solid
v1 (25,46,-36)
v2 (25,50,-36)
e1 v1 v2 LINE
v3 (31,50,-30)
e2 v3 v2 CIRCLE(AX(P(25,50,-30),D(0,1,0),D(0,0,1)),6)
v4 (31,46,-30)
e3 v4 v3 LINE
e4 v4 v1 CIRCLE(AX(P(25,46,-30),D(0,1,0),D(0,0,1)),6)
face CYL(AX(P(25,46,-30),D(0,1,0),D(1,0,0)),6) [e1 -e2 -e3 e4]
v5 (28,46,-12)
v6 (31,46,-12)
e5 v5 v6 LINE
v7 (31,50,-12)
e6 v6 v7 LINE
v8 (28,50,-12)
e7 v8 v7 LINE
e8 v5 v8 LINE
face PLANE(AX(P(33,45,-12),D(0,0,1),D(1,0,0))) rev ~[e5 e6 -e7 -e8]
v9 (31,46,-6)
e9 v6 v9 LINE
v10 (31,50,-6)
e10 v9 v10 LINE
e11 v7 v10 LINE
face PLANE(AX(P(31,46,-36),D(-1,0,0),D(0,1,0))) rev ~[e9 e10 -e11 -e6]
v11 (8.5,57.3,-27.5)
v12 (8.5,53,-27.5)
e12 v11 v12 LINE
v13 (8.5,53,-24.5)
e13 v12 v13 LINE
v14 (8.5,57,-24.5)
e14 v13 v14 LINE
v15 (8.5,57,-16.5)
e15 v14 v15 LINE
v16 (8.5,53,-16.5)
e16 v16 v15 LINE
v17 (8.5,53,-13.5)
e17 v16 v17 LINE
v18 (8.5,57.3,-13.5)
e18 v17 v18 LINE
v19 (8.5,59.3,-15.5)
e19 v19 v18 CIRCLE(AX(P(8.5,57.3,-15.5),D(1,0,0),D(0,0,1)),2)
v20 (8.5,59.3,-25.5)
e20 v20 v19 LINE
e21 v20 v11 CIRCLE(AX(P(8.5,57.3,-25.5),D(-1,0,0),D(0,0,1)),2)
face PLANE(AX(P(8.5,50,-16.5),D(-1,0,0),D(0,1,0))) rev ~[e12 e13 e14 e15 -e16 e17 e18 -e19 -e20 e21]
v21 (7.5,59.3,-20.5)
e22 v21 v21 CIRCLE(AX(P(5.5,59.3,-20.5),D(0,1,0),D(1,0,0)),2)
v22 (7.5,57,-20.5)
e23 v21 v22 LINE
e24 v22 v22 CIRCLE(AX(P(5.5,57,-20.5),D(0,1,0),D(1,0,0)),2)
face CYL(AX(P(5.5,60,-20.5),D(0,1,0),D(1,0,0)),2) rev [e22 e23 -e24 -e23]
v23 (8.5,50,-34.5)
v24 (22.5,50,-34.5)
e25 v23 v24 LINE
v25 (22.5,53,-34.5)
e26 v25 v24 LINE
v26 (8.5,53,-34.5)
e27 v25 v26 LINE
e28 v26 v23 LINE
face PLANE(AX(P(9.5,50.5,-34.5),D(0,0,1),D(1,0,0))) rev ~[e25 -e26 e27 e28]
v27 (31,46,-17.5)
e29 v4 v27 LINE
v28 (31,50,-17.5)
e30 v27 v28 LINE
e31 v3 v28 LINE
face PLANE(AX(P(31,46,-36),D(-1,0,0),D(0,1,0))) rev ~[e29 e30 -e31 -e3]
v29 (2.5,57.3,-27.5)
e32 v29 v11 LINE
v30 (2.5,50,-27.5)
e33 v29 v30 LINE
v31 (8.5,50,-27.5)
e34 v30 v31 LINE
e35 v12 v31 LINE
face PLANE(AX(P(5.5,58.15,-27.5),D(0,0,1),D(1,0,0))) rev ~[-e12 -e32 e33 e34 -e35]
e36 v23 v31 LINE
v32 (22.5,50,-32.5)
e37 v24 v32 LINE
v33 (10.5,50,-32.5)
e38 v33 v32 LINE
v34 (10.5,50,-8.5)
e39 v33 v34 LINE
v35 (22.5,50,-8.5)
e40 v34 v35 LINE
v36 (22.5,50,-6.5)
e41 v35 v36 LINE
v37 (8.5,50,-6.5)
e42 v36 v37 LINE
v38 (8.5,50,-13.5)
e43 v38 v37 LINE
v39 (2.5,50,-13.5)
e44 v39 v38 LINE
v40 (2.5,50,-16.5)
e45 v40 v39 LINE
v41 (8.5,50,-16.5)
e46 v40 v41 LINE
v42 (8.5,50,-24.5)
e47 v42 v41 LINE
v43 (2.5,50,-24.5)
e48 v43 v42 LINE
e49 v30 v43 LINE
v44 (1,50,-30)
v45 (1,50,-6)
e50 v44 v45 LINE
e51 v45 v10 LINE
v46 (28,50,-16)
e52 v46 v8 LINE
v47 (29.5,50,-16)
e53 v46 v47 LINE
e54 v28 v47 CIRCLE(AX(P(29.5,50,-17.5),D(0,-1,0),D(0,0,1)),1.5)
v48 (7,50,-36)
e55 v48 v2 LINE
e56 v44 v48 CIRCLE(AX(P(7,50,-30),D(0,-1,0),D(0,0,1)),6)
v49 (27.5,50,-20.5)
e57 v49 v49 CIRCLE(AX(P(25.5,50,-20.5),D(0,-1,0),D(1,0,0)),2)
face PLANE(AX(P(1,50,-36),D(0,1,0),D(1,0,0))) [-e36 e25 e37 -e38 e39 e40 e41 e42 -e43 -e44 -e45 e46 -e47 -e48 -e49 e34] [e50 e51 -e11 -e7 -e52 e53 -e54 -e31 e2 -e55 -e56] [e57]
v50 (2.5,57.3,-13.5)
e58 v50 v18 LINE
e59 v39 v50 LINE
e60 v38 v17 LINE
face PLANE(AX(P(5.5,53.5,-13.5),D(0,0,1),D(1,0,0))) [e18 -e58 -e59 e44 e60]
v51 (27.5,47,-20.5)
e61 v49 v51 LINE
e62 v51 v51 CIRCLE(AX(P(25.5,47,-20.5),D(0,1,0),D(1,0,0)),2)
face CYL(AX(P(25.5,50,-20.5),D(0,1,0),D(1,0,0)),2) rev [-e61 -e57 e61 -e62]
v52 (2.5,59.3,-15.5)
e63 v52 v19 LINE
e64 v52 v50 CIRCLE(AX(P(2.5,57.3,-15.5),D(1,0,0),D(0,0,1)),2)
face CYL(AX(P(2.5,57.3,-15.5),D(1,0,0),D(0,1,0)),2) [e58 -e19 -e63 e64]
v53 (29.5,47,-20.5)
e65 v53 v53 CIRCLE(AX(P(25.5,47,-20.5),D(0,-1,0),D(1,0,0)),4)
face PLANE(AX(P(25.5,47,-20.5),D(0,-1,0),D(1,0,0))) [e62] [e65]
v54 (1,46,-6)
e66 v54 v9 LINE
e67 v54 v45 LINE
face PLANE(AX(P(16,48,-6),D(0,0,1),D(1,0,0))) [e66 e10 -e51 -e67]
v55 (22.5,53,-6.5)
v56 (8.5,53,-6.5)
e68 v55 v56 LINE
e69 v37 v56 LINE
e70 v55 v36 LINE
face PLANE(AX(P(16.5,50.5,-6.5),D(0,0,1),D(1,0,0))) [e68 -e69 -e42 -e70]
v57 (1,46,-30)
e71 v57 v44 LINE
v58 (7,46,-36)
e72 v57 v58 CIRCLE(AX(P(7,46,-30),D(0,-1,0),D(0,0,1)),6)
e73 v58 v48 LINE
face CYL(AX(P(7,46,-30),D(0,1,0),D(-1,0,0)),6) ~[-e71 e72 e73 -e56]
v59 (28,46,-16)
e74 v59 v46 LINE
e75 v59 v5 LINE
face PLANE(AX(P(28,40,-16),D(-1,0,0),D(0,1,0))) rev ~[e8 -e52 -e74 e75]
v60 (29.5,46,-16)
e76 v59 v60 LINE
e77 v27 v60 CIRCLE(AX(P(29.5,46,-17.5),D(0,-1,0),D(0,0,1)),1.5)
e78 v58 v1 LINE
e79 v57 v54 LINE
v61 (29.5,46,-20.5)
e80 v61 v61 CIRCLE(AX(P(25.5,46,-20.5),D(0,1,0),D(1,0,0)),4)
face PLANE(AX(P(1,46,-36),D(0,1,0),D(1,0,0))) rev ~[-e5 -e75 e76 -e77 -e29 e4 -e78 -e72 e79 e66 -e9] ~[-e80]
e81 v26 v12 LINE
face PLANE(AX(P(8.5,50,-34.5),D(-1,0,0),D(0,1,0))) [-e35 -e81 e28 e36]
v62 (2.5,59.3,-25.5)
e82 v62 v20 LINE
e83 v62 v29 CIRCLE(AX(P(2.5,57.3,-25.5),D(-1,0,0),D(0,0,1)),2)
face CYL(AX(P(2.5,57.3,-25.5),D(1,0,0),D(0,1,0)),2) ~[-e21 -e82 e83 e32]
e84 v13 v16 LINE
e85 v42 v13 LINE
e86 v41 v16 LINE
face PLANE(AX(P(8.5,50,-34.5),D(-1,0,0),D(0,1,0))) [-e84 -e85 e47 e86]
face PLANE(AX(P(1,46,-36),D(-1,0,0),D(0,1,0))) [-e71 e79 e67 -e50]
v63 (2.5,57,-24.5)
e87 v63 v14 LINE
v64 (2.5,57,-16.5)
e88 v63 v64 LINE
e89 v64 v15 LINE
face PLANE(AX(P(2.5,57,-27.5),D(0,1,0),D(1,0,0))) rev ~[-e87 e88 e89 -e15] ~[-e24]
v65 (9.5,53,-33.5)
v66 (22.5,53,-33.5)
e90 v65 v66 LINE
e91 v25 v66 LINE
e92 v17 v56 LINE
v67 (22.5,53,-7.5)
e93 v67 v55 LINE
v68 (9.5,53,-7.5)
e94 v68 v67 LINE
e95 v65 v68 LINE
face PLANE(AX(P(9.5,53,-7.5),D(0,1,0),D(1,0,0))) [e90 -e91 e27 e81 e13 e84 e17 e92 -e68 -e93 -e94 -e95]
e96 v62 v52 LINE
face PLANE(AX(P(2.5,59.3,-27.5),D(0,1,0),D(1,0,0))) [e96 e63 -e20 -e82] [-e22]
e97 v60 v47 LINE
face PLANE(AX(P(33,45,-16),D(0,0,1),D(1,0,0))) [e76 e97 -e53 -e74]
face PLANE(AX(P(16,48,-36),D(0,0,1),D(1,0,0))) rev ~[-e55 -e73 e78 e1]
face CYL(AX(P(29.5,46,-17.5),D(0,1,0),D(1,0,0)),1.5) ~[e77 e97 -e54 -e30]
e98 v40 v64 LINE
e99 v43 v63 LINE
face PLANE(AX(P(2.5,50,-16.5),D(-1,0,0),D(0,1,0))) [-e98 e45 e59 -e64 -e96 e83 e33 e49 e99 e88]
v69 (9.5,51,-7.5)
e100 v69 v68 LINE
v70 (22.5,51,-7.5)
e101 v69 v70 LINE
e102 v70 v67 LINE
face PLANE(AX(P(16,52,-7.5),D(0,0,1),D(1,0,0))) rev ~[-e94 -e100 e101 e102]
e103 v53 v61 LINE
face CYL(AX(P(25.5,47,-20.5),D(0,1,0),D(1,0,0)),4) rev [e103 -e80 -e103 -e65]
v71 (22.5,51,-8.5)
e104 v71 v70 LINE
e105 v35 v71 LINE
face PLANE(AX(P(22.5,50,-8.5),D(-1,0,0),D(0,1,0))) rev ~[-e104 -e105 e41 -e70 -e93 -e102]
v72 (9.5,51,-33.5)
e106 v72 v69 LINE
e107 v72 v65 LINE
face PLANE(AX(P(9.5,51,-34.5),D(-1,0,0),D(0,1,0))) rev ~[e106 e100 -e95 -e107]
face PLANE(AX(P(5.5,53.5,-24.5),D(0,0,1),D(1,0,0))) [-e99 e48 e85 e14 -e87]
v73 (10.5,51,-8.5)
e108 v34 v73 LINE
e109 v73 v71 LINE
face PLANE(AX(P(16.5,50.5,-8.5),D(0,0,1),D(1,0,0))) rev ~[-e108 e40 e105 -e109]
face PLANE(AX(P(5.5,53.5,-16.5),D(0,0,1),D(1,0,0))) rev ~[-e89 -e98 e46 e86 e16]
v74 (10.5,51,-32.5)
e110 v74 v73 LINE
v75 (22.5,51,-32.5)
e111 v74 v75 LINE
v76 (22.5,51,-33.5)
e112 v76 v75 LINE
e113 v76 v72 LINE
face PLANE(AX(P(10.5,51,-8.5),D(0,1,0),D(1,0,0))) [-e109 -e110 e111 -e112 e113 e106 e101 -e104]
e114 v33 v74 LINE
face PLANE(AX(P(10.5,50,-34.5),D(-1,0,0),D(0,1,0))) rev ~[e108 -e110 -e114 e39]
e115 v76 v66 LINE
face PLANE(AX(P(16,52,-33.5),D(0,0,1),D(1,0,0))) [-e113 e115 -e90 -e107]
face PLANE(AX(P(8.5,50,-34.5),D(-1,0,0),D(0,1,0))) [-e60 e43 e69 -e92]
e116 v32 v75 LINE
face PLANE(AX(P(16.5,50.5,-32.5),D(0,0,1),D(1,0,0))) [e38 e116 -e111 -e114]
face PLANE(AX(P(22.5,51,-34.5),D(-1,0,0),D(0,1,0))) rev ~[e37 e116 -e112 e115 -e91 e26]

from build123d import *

# Parameters (mm, degrees)
BOX227_W          = 10
BOX227_H          = 10
BOX227_DEPTH      = 4
BOX217_W          = 13
BOX217_H          = 2
BOX217_DEPTH      = 1
BOX213_W          = 1
BOX213_H          = 2
BOX213_DEPTH      = 28
BOX210_W          = 2
BOX210_H          = 1
BOX210_DEPTH      = 28
BOX215_W          = 13
BOX215_H          = 2
BOX215_DEPTH      = 1
BOX212_W          = 12
BOX212_H          = 1
BOX212_DEPTH      = 2
BOX211_W          = 12
BOX211_H          = 1
BOX211_DEPTH      = 2
CYLINDER092_R     = 2
CYLINDER092_DEPTH = 5
CYLINDER093_R     = 4
CYLINDER093_DEPTH = 5
BOX073_W          = 30
BOX073_H          = 4
BOX073_DEPTH      = 30
FILLET057_R       = 6
CYLINDER088_R     = 2
CYLINDER088_DEPTH = 5
BOX221_W          = 6
BOX221_H          = 2.3
BOX221_DEPTH      = 14
FILLET055_R       = 2
BOX209_W          = 6
BOX209_H          = 7
BOX209_DEPTH      = 3
BOX222_W          = 6
BOX222_H          = 7
BOX222_DEPTH      = 3
FILLET059_R       = 1.5


with BuildPart() as cube215:
    # Box227 → Box227 (new body)
    with BuildSketch(Plane(origin=(28, 40, -16), x_dir=(1, 0, 0), z_dir=(0, 0, 1))):
        with Locations((5, 5)):
            Rectangle(BOX227_W, BOX227_H)
    extrude(amount=BOX227_DEPTH)


with BuildPart() as cube206:
    # Box217 → Box217 (new body)
    with BuildSketch(Plane(origin=(9.5, 51, -34.5), x_dir=(1, 0, 0), z_dir=(0, 0, 1))):
        with Locations((6.5, 1)):
            Rectangle(BOX217_W, BOX217_H)
    extrude(amount=BOX217_DEPTH)


with BuildPart() as cube202:
    # Box213 → Box213 (new body)
    with BuildSketch(Plane(origin=(8.5, 51, -34.5), x_dir=(1, 0, 0), z_dir=(0, 0, 1))):
        with Locations((0.5, 1)):
            Rectangle(BOX213_W, BOX213_H)
    extrude(amount=BOX213_DEPTH)


with BuildPart() as cube199:
    # Box210 → Box210 (new body)
    with BuildSketch(Plane(origin=(8.5, 50, -34.5), x_dir=(1, 0, 0), z_dir=(0, 0, 1))):
        with Locations((1, 0.5)):
            Rectangle(BOX210_W, BOX210_H)
    extrude(amount=BOX210_DEPTH)


with BuildPart() as cube204:
    # Box215 → Box215 (new body)
    with BuildSketch(Plane(origin=(9.5, 51, -7.5), x_dir=(1, 0, 0), z_dir=(0, 0, 1))):
        with Locations((6.5, 1)):
            Rectangle(BOX215_W, BOX215_H)
    extrude(amount=BOX215_DEPTH)


with BuildPart() as cube201:
    # Box212 → Box212 (new body)
    with BuildSketch(Plane(origin=(10.5, 50, -8.5), x_dir=(1, 0, 0), z_dir=(0, 0, 1))):
        with Locations((6, 0.5)):
            Rectangle(BOX212_W, BOX212_H)
    extrude(amount=BOX212_DEPTH)


with BuildPart() as fusion070:
    # Box211 → Box211 (new body)
    with BuildSketch(Plane(origin=(10.5, 50, -34.5), x_dir=(1, 0, 0), z_dir=(0, 0, 1))):
        with Locations((6, 0.5)):
            Rectangle(BOX211_W, BOX211_H)
    extrude(amount=BOX211_DEPTH)

    # Fusion070: union Cube206, Cube202, Cube199, Cube204, Cube201
    add(cube206.part)
    add(cube202.part)
    add(cube199.part)
    add(cube204.part)
    add(cube201.part)


with BuildPart() as cylinder173:
    # Cylinder092 → Cylinder092 (new body)
    with BuildSketch(Plane(origin=(25.5, 50, -20.5), x_dir=(1, 0, 0), z_dir=(0, -1, 0))):
        Circle(CYLINDER092_R)
    extrude(amount=CYLINDER092_DEPTH)


with BuildPart() as cylinder174:
    # Cylinder093 → Cylinder093 (new body)
    with BuildSketch(Plane(origin=(25.5, 47, -20.5), x_dir=(1, 0, 0), z_dir=(0, -1, 0))):
        Circle(CYLINDER093_R)
    extrude(amount=CYLINDER093_DEPTH)


with BuildPart() as cut118:
    # Box073 → Box073 (new body)
    with BuildSketch(Plane(origin=(1, 46, -36), x_dir=(1, 0, 0), z_dir=(0, 0, 1))):
        with Locations((15, 2)):
            Rectangle(BOX073_W, BOX073_H)
    extrude(amount=BOX073_DEPTH)

    # Fillet057
    fillet057_edges = [cut118.edges().sort_by_distance(p)[0] for p in [
        (1, 48, -36),
        (31, 48, -36),
    ]]
    fillet(fillet057_edges, radius=FILLET057_R)

    # Cut117: cut Cylinder174
    add(cylinder174.part, mode=Mode.SUBTRACT)

    # Cut118: cut Cylinder173
    add(cylinder173.part, mode=Mode.SUBTRACT)


with BuildPart() as cylinder169:
    # Cylinder088 → Cylinder088 (new body)
    with BuildSketch(Plane(origin=(5.5, 60, -20.5), x_dir=(1, 0, 0), z_dir=(0, -1, 0))):
        Circle(CYLINDER088_R)
    extrude(amount=CYLINDER088_DEPTH)


with BuildPart() as fillet055:
    # Box221 → Box221 (new body)
    with BuildSketch(Plane(origin=(2.5, 57, -27.5), x_dir=(1, 0, 0), z_dir=(0, 0, 1))):
        with Locations((3, 1.15)):
            Rectangle(BOX221_W, BOX221_H)
    extrude(amount=BOX221_DEPTH)

    # Cut112: cut Cylinder169
    add(cylinder169.part, mode=Mode.SUBTRACT)

    # Fillet055
    fillet055_edges = [fillet055.edges().sort_by_distance(p)[0] for p in [
        (5.5, 59.3, -13.5),
        (5.5, 59.3, -27.5),
    ]]
    fillet(fillet055_edges, radius=FILLET055_R)


with BuildPart() as cube198:
    # Box209 → Box209 (new body)
    with BuildSketch(Plane(origin=(2.5, 50, -16.5), x_dir=(1, 0, 0), z_dir=(0, 0, 1))):
        with Locations((3, 3.5)):
            Rectangle(BOX209_W, BOX209_H)
    extrude(amount=BOX209_DEPTH)


with BuildPart() as fillet059:
    # Box222 → Box222 (new body)
    with BuildSketch(Plane(origin=(2.5, 50, -27.5), x_dir=(1, 0, 0), z_dir=(0, 0, 1))):
        with Locations((3, 3.5)):
            Rectangle(BOX222_W, BOX222_H)
    extrude(amount=BOX222_DEPTH)

    # Fusion068: union Fillet055, Cube198
    add(fillet055.part)
    add(cube198.part)

    # Fusion072: union Fusion070, Cut118
    add(fusion070.part)
    add(cut118.part)

    # Cut119: cut Cube215
    add(cube215.part, mode=Mode.SUBTRACT)

    # Fillet059
    fillet059_edges = [fillet059.edges().sort_by_distance(p)[0] for p in [
        (31, 48, -16),
    ]]
    fillet(fillet059_edges, radius=FILLET059_R)


solid = fillet059.part
